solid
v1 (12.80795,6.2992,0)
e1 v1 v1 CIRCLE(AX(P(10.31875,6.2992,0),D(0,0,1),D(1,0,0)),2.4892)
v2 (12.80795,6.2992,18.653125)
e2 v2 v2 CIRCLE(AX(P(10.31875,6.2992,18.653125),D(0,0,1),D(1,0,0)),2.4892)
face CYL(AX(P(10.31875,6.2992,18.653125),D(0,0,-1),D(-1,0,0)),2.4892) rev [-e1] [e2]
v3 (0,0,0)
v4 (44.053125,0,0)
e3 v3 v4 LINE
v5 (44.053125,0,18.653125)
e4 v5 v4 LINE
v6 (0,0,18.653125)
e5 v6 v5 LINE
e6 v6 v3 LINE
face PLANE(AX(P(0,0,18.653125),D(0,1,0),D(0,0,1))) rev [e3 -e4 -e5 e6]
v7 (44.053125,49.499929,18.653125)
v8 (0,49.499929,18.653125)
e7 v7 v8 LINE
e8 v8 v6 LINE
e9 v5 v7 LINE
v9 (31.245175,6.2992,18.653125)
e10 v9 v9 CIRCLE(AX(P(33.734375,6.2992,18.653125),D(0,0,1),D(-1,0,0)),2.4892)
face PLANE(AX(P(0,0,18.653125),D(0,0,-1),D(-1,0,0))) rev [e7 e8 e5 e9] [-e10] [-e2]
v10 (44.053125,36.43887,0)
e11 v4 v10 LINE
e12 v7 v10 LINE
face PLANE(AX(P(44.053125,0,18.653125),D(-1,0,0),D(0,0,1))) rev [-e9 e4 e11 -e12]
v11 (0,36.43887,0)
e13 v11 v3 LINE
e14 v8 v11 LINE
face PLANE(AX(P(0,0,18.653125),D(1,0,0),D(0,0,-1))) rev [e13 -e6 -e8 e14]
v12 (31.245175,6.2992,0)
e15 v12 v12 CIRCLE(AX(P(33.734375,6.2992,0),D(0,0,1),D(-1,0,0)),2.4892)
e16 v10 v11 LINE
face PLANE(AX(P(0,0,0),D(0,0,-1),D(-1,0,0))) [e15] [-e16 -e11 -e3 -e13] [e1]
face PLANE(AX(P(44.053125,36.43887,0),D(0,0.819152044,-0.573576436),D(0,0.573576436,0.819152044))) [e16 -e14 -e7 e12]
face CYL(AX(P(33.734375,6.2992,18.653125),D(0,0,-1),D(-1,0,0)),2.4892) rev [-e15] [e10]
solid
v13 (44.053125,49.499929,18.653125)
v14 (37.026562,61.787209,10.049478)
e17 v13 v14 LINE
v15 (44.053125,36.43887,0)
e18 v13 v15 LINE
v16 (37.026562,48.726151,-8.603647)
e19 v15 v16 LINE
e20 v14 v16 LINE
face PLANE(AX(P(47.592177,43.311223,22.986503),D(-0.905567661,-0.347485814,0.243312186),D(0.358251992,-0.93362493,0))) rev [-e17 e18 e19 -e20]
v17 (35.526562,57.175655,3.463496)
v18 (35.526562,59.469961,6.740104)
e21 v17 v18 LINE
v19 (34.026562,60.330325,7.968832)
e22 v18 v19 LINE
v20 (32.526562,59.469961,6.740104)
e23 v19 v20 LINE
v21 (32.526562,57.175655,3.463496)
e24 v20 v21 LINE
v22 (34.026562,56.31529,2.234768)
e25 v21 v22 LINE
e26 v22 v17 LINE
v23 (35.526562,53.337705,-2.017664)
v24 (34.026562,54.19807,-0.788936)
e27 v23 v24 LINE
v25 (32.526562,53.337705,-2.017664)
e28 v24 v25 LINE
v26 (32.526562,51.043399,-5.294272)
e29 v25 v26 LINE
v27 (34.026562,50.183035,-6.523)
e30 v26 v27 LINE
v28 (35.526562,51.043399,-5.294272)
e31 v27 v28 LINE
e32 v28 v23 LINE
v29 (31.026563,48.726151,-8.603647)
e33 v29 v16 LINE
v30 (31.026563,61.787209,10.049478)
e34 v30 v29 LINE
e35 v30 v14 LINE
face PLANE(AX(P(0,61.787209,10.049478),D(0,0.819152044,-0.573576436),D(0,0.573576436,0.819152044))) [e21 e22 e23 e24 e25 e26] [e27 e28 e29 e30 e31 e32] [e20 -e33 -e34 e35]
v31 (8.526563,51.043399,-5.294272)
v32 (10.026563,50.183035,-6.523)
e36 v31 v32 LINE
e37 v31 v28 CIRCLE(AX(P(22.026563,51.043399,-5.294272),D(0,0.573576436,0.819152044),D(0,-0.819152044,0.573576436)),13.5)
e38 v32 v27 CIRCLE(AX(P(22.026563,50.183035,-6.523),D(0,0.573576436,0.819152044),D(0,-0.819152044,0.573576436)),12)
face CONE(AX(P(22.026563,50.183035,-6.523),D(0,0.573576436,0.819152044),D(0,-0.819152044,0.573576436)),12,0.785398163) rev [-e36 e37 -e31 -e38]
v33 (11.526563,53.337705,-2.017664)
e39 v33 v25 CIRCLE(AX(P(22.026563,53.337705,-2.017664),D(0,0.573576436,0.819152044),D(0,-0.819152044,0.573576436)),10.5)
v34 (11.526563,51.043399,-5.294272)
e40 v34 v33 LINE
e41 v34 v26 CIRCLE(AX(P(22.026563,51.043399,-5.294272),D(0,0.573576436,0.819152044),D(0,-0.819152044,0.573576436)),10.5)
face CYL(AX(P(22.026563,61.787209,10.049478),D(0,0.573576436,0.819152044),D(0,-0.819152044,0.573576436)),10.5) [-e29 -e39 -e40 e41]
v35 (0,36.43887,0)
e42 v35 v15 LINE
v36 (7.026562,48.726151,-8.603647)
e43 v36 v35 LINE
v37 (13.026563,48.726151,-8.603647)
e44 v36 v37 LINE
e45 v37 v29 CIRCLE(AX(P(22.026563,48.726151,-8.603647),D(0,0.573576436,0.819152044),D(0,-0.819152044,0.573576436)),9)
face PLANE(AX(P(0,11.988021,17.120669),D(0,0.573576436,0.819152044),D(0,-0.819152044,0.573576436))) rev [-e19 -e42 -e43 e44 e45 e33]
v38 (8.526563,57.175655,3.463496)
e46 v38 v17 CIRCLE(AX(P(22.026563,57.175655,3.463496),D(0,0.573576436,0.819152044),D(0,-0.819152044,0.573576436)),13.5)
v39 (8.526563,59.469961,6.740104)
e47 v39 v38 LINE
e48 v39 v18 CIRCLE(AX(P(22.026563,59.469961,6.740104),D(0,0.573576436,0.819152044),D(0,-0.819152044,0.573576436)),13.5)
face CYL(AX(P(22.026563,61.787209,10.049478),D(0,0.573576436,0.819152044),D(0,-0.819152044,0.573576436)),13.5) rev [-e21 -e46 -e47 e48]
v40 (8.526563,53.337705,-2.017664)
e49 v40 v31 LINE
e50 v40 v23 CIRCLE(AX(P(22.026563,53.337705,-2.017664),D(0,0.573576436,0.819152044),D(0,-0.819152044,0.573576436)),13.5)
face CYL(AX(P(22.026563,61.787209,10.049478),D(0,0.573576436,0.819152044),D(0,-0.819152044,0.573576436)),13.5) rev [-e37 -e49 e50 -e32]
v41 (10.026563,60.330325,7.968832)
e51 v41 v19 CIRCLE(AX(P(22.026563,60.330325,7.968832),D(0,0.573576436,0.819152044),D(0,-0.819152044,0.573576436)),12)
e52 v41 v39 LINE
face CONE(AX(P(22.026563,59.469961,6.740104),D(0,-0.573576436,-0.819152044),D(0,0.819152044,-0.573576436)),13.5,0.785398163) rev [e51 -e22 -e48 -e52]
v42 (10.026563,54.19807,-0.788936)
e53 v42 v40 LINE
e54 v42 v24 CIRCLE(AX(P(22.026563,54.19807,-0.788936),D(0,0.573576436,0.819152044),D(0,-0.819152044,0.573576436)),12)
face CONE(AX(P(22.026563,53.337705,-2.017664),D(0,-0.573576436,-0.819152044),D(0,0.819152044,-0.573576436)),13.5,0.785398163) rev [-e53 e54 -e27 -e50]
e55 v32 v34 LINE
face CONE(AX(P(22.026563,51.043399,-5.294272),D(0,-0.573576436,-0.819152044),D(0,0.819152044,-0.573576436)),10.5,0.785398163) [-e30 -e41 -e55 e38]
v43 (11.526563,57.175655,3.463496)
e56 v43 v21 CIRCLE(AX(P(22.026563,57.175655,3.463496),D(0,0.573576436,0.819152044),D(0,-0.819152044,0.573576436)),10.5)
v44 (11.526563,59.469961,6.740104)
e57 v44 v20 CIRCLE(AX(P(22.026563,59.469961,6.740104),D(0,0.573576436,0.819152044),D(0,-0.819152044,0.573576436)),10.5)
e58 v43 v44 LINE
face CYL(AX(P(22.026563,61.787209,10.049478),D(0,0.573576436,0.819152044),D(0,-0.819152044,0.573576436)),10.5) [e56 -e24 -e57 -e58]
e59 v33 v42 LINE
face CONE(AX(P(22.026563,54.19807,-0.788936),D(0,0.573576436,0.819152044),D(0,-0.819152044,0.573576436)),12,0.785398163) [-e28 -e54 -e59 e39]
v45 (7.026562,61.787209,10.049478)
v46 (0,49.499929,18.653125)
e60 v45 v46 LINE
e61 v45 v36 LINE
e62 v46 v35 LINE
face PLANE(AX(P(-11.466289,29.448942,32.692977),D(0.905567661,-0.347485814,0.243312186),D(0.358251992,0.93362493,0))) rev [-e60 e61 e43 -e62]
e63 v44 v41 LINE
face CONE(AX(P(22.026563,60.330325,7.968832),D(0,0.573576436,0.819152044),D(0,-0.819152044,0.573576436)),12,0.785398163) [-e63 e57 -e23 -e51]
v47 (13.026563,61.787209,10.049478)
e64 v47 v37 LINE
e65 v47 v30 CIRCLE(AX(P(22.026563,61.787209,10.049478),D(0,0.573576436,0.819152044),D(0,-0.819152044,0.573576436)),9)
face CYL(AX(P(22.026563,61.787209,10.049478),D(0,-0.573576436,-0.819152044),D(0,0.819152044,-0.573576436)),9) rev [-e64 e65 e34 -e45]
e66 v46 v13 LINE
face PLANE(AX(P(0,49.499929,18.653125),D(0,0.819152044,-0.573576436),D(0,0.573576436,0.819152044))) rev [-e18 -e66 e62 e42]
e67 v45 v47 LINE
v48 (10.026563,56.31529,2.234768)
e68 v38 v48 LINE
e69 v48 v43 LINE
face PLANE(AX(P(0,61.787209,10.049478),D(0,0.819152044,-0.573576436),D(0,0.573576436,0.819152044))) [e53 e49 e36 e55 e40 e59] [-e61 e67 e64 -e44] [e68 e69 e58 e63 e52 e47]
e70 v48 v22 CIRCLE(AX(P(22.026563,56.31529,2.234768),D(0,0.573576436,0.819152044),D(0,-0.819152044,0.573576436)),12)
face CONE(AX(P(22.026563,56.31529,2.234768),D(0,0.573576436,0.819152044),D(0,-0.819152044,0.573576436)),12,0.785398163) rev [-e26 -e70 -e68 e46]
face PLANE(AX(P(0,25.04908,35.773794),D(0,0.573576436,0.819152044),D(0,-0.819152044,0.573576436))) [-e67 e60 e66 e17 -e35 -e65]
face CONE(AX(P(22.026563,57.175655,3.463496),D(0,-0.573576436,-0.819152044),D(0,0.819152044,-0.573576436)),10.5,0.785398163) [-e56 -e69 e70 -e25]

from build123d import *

# Parameters (mm, degrees)
CROQUIS1_W              = 44.053125
CROQUIS1_H              = 36.438869972
CROQUIS1_R              = 2.4892
SALIENTE_EXTRUIR1_DEPTH = 18.653125
SALIENTE_EXTRUIR2_DEPTH = 44.053125
SALIENTE_EXTRUIR3_DEPTH = 22.771261


with BuildPart() as part:
    # Croquis1 → Saliente-Extruir1 (new body)
    with BuildSketch(Plane.XY):
        with Locations((22.0265625, 18.219434986)):
            Rectangle(CROQUIS1_W, CROQUIS1_H)
        with Locations((10.31875, 6.2992)):
            Circle(CROQUIS1_R, mode=Mode.SUBTRACT)
        with Locations(Location((33.734375, 6.2992, 0), (0, 0, 180))):
            Circle(CROQUIS1_R, mode=Mode.SUBTRACT)
    extrude(amount=SALIENTE_EXTRUIR1_DEPTH)

    # Croquis3 → Saliente-Extruir2 (add)
    with BuildSketch(Plane.ZY):
        Polygon((0, 36.438869972), (18.653125, 49.499928708), (18.653125, 36.438869972), align=None)
    extrude(amount=-SALIENTE_EXTRUIR2_DEPTH)


with BuildPart() as body_2:
    # Croquis5 → Saliente-Extruir3 (new body)
    with BuildSketch(Plane(origin=(0, 11.988021221, 17.120668611), x_dir=(1, 0, 0), z_dir=(0, 0.5735764363510476, 0.8191520442889909))):
        with BuildLine():
            ThreePointArc((7.0265625, 44.848974829), (11.419960782, 34.242373111), (22.0265625, 29.848974829))
            Line((22.0265625, 29.848974829), (22.0265625, 35.848974829))
            ThreePointArc((22.0265625, 35.848974829), (15.662601469, 38.485013798), (13.0265625, 44.848974829))
            Line((13.0265625, 44.848974829), (7.0265625, 44.848974829))
        make_face()
        with BuildLine():
            Line((22.0265625, 35.848974829), (22.0265625, 29.848974829))
            ThreePointArc((22.0265625, 29.848974829), (32.633164218, 34.242373111), (37.0265625, 44.848974829))
            Line((37.0265625, 44.848974829), (31.0265625, 44.848974829))
            ThreePointArc((31.0265625, 44.848974829), (28.390523531, 38.485013798), (22.0265625, 35.848974829))
        make_face()
        with BuildLine():
            Line((0, 29.848974829), (22.0265625, 29.848974829))
            ThreePointArc((22.0265625, 29.848974829), (11.419960782, 34.242373111), (7.0265625, 44.848974829))
            Line((7.0265625, 44.848974829), (0, 29.848974829))
        make_face()
        with BuildLine():
            ThreePointArc((37.0265625, 44.848974829), (32.633164218, 34.242373111), (22.0265625, 29.848974829))
            Line((22.0265625, 29.848974829), (44.053125, 29.848974829))
            Line((44.053125, 29.848974829), (37.0265625, 44.848974829))
        make_face()
    extrude(amount=SALIENTE_EXTRUIR3_DEPTH)

    # Croquis7 → Cortar-Revolución1 (revolve, cut)
    with BuildSketch(Plane(origin=(0, 36.738129416, -25.724315156), x_dir=(1, 0, 0), z_dir=(0, 0.8191520442889908, -0.5735764363510477))):
        Polygon((8.5265625, -28.940477183), (8.5265625, -24.940477183), (10.0265625, -23.440477183), (11.5265625, -24.940477183), (11.5265625, -28.940477183), (10.0265625, -30.440477183), align=None)
        Polygon((10.0265625, -41.131738184), (8.5265625, -39.631738184), (8.5265625, -35.631738184), (10.0265625, -34.131738184), (11.5265625, -35.631738184), (11.5265625, -39.631738184), align=None)
    revolve(axis=Axis((22.0265625, 61.787209373, 10.049478455), (0, -0.5735764363510466, -0.8191520442889915)), mode=Mode.SUBTRACT)


solid = Compound([part.part, body_2.part])
